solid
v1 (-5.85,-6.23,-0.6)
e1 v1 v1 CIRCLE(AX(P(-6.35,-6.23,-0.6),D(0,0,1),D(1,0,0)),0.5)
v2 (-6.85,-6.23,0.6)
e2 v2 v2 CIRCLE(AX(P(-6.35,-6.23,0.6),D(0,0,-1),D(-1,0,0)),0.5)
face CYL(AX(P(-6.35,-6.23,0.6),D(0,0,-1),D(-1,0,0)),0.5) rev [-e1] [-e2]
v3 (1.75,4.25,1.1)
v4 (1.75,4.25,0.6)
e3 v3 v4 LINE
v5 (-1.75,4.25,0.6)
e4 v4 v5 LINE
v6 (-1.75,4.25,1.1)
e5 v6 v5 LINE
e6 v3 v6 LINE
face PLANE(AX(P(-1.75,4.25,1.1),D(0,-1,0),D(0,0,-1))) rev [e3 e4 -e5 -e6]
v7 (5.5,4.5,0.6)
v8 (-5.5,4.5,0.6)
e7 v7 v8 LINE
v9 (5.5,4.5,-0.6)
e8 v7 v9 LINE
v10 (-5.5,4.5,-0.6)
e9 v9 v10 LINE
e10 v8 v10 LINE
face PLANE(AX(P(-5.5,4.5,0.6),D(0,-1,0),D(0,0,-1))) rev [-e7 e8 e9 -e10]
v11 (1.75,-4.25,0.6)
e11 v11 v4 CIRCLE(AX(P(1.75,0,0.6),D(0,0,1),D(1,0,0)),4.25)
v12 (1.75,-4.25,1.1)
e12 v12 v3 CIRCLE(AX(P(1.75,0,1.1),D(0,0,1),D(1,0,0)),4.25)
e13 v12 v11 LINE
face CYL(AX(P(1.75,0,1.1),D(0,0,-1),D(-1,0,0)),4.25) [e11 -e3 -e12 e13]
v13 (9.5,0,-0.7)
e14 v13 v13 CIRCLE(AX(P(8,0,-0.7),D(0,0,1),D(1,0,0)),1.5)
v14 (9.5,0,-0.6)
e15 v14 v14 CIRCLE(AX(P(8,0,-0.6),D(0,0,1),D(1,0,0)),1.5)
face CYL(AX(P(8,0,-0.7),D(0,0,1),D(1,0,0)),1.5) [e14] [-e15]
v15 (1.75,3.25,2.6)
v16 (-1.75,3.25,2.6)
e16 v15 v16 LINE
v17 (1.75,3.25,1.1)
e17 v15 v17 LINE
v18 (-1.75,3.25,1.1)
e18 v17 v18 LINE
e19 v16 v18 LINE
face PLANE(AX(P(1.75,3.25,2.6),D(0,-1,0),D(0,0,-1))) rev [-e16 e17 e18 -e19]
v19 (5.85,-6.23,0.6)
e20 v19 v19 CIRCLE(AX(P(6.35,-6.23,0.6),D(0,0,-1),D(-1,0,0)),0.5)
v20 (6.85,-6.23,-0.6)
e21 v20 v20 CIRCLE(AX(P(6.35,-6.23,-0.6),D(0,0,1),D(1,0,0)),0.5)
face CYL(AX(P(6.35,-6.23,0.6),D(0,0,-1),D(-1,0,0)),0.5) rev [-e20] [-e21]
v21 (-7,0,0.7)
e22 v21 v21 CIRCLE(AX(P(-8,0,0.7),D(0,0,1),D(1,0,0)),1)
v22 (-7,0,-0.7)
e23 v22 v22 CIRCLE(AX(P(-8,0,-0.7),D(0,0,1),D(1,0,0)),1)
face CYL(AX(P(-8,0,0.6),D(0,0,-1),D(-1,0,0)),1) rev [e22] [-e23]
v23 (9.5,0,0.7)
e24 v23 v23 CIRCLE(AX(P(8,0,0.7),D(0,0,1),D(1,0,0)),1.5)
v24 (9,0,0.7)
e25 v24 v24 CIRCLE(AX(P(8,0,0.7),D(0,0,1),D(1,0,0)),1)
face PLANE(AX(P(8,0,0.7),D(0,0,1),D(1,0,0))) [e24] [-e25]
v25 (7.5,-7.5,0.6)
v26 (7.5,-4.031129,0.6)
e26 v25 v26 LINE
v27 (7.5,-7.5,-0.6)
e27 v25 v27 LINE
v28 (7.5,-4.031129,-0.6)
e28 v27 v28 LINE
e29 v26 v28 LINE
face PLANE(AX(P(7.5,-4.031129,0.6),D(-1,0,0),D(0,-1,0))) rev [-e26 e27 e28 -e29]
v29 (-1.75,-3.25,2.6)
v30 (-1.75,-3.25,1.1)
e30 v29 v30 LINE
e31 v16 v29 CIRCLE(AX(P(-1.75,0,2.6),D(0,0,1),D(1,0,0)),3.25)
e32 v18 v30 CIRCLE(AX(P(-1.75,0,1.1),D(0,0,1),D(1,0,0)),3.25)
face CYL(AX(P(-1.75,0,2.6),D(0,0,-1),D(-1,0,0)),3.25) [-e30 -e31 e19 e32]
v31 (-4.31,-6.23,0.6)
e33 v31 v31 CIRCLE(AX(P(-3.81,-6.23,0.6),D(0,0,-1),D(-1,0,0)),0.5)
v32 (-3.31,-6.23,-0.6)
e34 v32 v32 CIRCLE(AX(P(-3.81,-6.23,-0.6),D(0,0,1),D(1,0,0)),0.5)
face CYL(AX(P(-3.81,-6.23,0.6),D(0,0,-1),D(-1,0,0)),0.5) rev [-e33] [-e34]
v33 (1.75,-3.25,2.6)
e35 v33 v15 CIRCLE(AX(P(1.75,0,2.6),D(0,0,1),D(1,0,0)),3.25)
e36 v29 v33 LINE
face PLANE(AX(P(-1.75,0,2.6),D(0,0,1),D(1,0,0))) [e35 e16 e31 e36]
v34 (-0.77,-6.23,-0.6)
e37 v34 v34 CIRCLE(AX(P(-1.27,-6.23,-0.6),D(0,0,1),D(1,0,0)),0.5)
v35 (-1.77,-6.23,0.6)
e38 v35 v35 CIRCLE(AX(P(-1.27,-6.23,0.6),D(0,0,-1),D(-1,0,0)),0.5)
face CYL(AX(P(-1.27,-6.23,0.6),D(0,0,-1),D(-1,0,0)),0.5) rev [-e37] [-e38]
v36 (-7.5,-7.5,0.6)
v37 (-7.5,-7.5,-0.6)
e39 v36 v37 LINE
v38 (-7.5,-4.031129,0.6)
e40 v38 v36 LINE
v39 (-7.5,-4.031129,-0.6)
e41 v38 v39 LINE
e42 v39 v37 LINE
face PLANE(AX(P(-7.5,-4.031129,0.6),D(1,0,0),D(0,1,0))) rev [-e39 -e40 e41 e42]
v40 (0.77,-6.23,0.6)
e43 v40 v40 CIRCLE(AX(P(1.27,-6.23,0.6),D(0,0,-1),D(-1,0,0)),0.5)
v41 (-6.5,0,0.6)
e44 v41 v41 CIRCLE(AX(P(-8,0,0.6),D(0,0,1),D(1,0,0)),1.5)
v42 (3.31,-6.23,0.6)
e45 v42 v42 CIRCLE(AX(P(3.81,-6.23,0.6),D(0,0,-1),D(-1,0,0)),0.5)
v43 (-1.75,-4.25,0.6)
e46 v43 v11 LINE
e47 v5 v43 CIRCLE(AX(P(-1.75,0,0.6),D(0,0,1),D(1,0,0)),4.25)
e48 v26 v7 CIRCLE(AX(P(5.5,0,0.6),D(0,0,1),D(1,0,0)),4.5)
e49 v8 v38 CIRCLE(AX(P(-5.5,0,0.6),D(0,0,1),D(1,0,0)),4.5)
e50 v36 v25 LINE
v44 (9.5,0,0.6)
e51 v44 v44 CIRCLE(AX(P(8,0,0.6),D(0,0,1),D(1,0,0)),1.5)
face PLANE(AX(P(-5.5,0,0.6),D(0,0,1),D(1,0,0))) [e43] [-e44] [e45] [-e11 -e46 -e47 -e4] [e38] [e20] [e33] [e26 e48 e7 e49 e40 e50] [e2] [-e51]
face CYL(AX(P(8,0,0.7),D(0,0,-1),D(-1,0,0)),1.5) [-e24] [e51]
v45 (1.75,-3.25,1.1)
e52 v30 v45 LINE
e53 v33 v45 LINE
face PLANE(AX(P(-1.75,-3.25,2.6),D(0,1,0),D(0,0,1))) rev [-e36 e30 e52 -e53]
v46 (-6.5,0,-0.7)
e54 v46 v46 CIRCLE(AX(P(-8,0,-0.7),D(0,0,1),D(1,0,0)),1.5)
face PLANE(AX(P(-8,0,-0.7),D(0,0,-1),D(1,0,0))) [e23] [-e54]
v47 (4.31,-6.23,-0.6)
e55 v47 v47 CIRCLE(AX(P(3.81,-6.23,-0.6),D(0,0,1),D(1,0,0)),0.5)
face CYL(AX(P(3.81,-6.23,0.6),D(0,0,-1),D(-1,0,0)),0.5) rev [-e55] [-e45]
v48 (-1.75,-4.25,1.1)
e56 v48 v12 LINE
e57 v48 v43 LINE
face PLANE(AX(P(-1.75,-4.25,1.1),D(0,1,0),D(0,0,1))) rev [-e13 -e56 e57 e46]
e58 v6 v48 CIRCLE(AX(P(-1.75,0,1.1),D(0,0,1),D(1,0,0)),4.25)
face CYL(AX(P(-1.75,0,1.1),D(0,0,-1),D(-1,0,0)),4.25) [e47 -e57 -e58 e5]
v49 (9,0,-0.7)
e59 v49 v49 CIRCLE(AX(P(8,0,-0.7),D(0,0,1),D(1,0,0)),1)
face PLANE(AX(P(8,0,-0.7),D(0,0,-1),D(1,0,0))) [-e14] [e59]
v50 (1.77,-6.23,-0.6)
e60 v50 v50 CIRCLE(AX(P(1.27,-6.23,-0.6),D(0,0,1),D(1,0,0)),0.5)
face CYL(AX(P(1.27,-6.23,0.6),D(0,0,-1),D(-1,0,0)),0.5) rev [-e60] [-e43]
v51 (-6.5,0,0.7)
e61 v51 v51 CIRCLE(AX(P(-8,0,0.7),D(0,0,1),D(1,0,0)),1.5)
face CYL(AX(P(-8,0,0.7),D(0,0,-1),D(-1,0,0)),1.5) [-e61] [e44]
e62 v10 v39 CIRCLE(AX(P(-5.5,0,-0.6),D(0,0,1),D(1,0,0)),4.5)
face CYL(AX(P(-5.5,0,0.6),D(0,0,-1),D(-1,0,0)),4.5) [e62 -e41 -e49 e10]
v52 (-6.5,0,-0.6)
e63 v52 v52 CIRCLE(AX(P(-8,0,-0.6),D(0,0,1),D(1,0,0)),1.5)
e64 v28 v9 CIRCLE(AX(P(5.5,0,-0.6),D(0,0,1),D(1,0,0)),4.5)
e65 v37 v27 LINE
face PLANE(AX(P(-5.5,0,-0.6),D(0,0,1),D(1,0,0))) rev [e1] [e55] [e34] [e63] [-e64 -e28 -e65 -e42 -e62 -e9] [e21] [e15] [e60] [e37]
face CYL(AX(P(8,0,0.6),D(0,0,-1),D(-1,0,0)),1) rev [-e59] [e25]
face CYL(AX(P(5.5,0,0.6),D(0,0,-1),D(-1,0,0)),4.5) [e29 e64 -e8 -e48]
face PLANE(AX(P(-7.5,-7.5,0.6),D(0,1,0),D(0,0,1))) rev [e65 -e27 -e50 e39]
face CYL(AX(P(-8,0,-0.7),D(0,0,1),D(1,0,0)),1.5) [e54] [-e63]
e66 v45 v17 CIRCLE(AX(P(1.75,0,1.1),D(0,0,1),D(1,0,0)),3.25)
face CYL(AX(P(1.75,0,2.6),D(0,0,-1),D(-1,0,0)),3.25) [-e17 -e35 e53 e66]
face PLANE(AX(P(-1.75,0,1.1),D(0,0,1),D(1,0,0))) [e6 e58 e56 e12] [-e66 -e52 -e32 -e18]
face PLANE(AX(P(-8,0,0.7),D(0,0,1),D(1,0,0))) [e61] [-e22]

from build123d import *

# Parameters (mm, degrees)
ESQUISSE1_R           = 1
ESQUISSE1_R_2         = 0.5
BOSS_EXTRU_1_DEPTH    = 0.6
BOSS_EXTRU_2_DEPTH    = 0.5
BOSS_EXTRU_4_DEPTH    = 1.5
ESQUISSE3_R           = 1.5
ESQUISSE3_R_2         = 1
ESQUISSE3_R_3         = 0.65
ESQUISSE3_R_4         = 0.5
BOSS_EXTRU_3_DEPTH    = 0.1
CROQUIS1_W            = 0.446175557
CROQUIS1_H            = 1.332309964
CROQUIS1_W_2          = 0.675567057
CROQUIS1_H_2          = 1.353271183
CORTAR_EXTRUIR1_DEPTH = 17


with BuildPart() as part:
    # Esquisse1 → Boss.-Extru.1 (new, symmetric)
    with BuildSketch(Plane.XY):
        with BuildLine():
            Line((-7.5, -4.031128874), (-7.5, -7.5))
            Line((-7.5, -7.5), (7.5, -7.5))
            Line((7.5, -7.5), (7.5, -4.031128874))
            ThreePointArc((7.5, -4.031128874), (9.88121444, 1.027112473), (5.5, 4.5))
            Line((5.5, 4.5), (-5.5, 4.5))
            ThreePointArc((-5.5, 4.5), (-9.88121444, 1.027112473), (-7.5, -4.031128874))
        make_face()
        with Locations((-8, 0)):
            Circle(ESQUISSE1_R, mode=Mode.SUBTRACT)
        with Locations(Location((8, 0, 0), (0, 0, 180))):
            Circle(ESQUISSE1_R, mode=Mode.SUBTRACT)
        with Locations((-6.35, -6.23)):
            Circle(ESQUISSE1_R_2, mode=Mode.SUBTRACT)
        with Locations((-3.81, -6.23)):
            Circle(ESQUISSE1_R_2, mode=Mode.SUBTRACT)
        with Locations((-1.27, -6.23)):
            Circle(ESQUISSE1_R_2, mode=Mode.SUBTRACT)
        with Locations((1.27, -6.23)):
            Circle(ESQUISSE1_R_2, mode=Mode.SUBTRACT)
        with Locations((3.81, -6.23)):
            Circle(ESQUISSE1_R_2, mode=Mode.SUBTRACT)
        with Locations((6.35, -6.23)):
            Circle(ESQUISSE1_R_2, mode=Mode.SUBTRACT)
    extrude(amount=BOSS_EXTRU_1_DEPTH, both=True)

    # Esquisse2 → Boss.-Extru.2 (add)
    with BuildSketch(Plane.XY.offset(0.6)):
        with BuildLine():
            Line((-1.75, 4.25), (1.75, 4.25))
            ThreePointArc((1.75, 4.25), (6, 0), (1.75, -4.25))
            Line((1.75, -4.25), (-1.75, -4.25))
            ThreePointArc((-1.75, -4.25), (-6, 0), (-1.75, 4.25))
        make_face()
    extrude(amount=BOSS_EXTRU_2_DEPTH)

    # Esquisse4 → Boss.-Extru.4 (add)
    with BuildSketch(Plane.XY.offset(1.1)):
        with BuildLine():
            Line((-1.75, -3.25), (1.75, -3.25))
            ThreePointArc((1.75, -3.25), (5, 0), (1.75, 3.25))
            Line((1.75, 3.25), (-1.75, 3.25))
            ThreePointArc((-1.75, 3.25), (-5, 0), (-1.75, -3.25))
        make_face()
    extrude(amount=BOSS_EXTRU_4_DEPTH)

    # Esquisse3 → Boss.-Extru.3 (add)
    # profile 1 of 8: a face of its own
    with BuildSketch(Plane.XY.offset(0.6)):
        with Locations((-8, 0)):
            Circle(ESQUISSE3_R)
        with Locations((-8, 0)):
            Circle(ESQUISSE3_R_2, mode=Mode.SUBTRACT)
    # profile 2 of 8: a face of its own
    with BuildSketch(Plane.XY.offset(0.6)):
        with Locations((8, 0)):
            Circle(ESQUISSE3_R)
        with Locations(Location((8, 0, 0), (0, 0, 180))):
            Circle(ESQUISSE3_R_2, mode=Mode.SUBTRACT)
    # profile 3 of 8: a face of its own
    with BuildSketch(Plane.XY.offset(0.6)):
        with Locations((-6.35, -6.23)):
            Circle(ESQUISSE3_R_3)
        with Locations((-6.35, -6.23)):
            Circle(ESQUISSE3_R_4, mode=Mode.SUBTRACT)
    # profile 4 of 8: a face of its own
    with BuildSketch(Plane.XY.offset(0.6)):
        with Locations((-3.81, -6.23)):
            Circle(ESQUISSE3_R_3)
        with Locations((-3.81, -6.23)):
            Circle(ESQUISSE3_R_4, mode=Mode.SUBTRACT)
    # profile 5 of 8: a face of its own
    with BuildSketch(Plane.XY.offset(0.6)):
        with Locations((-1.27, -6.23)):
            Circle(ESQUISSE3_R_3)
        with Locations((-1.27, -6.23)):
            Circle(ESQUISSE3_R_4, mode=Mode.SUBTRACT)
    # profile 6 of 8: a face of its own
    with BuildSketch(Plane.XY.offset(0.6)):
        with Locations((1.27, -6.23)):
            Circle(ESQUISSE3_R_3)
        with Locations((1.27, -6.23)):
            Circle(ESQUISSE3_R_4, mode=Mode.SUBTRACT)
    # profile 7 of 8: a face of its own
    with BuildSketch(Plane.XY.offset(0.6)):
        with Locations((3.81, -6.23)):
            Circle(ESQUISSE3_R_3)
        with Locations((3.81, -6.23)):
            Circle(ESQUISSE3_R_4, mode=Mode.SUBTRACT)
    # profile 8 of 8: a face of its own
    with BuildSketch(Plane.XY.offset(0.6)):
        with Locations((6.35, -6.23)):
            Circle(ESQUISSE3_R_3)
        with Locations((6.35, -6.23)):
            Circle(ESQUISSE3_R_4, mode=Mode.SUBTRACT)
    boss_extru_3 = extrude(amount=BOSS_EXTRU_3_DEPTH)

    # Symétrie1: Boss.-Extru.3 across plane
    add(boss_extru_3.mirror(Plane.XY))

    # Croquis1 → Cortar-Extruir1 (cut)
    with BuildSketch(Plane(origin=(7.5, 0, 0), x_dir=(0, 0, -1), z_dir=(1, 0, 0))):
        with Locations((0.823087779, -6.23167244)):
            Rectangle(CROQUIS1_W, CROQUIS1_H)
        with Locations((-0.937783529, -6.256635592)):
            Rectangle(CROQUIS1_W_2, CROQUIS1_H_2)
    extrude(amount=-CORTAR_EXTRUIR1_DEPTH, mode=Mode.SUBTRACT)


solid = part.part
